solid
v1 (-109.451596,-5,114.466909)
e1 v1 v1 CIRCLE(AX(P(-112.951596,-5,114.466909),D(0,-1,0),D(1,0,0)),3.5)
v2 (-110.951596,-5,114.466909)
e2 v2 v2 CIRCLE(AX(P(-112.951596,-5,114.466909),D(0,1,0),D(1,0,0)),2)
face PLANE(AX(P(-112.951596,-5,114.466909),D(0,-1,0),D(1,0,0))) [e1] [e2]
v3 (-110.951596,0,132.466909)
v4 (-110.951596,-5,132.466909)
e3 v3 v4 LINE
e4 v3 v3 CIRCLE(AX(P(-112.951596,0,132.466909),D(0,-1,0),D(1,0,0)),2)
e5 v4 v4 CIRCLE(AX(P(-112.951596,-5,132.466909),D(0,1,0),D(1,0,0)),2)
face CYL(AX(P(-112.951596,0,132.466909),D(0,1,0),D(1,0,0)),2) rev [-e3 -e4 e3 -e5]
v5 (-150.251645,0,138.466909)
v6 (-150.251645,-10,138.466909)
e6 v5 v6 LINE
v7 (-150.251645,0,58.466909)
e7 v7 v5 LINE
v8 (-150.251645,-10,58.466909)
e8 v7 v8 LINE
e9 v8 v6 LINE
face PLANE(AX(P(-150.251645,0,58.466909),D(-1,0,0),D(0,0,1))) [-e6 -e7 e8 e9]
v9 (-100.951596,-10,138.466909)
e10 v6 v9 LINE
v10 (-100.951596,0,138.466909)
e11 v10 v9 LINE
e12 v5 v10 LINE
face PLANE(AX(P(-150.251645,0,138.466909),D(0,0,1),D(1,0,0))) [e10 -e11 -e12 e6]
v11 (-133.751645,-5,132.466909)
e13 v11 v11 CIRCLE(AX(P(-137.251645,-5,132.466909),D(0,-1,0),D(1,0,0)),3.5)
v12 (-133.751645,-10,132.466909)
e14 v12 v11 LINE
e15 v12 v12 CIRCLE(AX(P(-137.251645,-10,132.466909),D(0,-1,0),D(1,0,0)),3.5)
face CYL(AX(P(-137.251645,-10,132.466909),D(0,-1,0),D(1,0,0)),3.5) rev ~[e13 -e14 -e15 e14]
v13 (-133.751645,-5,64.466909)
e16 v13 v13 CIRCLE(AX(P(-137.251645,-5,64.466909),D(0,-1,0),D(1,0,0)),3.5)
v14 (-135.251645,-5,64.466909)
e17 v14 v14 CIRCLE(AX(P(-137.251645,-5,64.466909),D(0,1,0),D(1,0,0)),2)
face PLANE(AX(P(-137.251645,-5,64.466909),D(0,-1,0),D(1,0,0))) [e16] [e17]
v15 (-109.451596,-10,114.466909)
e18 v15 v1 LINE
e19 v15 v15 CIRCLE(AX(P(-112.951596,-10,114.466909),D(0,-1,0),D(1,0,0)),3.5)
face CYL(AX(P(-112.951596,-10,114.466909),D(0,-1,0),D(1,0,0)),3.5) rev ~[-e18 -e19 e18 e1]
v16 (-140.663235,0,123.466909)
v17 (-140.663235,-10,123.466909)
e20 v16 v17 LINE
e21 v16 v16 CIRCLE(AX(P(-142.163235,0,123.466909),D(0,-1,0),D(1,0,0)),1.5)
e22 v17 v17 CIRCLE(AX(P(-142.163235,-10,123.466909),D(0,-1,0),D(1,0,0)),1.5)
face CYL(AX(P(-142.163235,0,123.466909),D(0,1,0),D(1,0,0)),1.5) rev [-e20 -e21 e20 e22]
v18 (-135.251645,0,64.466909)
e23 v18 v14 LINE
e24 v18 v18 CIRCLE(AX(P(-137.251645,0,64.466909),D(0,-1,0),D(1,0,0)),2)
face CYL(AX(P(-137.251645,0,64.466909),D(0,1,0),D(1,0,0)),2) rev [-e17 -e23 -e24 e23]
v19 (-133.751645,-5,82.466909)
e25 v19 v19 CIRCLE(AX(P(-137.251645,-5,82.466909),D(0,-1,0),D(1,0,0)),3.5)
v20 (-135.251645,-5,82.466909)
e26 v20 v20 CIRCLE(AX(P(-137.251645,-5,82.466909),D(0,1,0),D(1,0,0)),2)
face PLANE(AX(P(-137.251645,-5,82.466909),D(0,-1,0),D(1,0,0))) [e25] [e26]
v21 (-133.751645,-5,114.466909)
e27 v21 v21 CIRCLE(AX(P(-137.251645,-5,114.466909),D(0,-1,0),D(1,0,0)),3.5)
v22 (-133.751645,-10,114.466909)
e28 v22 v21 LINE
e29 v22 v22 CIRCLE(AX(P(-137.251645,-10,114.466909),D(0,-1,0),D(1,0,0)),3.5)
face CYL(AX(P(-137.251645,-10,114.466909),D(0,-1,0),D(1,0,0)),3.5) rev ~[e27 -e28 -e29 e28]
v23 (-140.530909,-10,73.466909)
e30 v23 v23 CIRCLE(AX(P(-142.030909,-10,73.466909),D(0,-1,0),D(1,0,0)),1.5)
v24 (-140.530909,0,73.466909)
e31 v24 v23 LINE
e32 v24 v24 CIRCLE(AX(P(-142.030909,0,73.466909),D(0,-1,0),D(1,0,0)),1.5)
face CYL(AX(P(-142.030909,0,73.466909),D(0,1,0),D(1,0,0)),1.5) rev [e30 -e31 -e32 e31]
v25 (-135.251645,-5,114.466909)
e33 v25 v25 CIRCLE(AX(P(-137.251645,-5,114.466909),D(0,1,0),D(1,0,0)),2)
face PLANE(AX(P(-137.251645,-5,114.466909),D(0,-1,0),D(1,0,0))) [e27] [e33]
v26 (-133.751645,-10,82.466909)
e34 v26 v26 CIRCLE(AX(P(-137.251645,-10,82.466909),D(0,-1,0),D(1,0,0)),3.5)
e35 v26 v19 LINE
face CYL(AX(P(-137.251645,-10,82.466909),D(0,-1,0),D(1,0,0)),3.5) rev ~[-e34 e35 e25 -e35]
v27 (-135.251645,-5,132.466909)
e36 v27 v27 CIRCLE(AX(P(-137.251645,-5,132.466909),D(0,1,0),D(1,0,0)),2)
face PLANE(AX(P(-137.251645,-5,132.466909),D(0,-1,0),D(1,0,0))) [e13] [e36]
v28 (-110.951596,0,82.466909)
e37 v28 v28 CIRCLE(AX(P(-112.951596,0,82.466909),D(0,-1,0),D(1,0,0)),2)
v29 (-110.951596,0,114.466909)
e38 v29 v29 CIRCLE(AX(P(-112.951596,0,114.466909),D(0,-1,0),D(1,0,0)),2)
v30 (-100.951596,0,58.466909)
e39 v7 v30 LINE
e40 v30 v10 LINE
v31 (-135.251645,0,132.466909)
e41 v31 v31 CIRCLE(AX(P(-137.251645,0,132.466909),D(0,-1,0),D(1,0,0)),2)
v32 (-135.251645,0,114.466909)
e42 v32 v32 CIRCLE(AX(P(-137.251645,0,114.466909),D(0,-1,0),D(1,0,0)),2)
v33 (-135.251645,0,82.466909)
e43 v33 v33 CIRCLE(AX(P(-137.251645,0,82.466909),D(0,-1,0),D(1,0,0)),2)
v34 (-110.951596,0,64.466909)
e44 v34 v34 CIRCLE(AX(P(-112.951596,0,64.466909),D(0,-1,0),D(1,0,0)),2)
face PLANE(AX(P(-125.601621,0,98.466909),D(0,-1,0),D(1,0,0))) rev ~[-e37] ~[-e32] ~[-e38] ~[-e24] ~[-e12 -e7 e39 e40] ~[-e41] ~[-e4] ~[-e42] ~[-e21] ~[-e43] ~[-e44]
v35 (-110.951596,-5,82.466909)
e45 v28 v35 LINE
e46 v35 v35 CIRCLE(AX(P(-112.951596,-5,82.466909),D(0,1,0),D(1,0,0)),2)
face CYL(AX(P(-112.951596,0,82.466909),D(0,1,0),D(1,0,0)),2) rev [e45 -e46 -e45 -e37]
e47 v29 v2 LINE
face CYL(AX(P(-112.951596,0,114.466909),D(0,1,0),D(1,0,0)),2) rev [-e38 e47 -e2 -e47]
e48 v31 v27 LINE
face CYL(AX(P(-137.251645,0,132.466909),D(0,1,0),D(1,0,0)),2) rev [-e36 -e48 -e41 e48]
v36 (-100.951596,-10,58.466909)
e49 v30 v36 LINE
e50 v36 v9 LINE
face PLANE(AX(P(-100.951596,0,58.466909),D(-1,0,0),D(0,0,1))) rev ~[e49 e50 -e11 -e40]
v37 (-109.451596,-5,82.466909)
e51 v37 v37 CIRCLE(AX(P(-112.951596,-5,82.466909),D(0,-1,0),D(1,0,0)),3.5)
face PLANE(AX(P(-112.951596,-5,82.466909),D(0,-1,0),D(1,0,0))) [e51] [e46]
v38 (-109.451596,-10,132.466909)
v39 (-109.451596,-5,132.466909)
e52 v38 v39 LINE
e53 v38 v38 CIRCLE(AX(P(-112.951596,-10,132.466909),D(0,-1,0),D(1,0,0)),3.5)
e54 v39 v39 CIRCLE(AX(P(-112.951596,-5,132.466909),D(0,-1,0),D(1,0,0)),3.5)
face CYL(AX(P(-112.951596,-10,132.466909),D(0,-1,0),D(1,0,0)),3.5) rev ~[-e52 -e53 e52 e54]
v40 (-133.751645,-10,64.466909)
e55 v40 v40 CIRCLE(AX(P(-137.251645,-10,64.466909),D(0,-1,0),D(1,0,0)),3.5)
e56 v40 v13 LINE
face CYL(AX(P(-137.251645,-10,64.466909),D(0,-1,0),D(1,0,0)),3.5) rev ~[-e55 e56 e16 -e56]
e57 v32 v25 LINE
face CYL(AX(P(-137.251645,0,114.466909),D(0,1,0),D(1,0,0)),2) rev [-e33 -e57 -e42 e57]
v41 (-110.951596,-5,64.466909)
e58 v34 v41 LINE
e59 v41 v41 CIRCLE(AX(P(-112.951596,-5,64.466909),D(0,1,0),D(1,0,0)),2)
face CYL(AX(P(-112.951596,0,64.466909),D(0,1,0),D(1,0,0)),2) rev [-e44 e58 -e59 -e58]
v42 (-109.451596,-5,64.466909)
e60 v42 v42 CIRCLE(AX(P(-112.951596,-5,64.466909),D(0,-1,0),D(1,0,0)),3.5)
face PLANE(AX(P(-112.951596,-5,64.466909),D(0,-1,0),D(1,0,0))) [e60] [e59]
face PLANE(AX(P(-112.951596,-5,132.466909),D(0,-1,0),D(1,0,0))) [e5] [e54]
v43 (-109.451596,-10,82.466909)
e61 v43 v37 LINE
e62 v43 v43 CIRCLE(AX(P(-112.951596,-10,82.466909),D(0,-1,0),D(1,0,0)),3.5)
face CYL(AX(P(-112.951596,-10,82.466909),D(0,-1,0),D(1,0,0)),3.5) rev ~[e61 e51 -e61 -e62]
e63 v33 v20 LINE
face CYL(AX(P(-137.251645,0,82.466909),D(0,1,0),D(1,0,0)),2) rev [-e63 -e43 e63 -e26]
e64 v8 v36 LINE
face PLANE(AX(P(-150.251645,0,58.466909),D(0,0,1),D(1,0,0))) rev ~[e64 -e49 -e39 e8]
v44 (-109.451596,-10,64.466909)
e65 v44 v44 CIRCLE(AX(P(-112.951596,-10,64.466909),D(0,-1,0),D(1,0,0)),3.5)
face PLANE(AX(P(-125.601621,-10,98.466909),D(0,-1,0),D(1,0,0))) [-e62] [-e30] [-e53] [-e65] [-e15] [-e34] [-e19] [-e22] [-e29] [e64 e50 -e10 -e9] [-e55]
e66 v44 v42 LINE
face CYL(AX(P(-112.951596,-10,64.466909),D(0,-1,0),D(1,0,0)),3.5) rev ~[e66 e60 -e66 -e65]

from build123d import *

# Parameters (mm, degrees)
F0_W     = 49.3000489473
F0_H     = 80
F0_R     = 1.5
F0_R_2   = 2
F1_DEPTH = 10
F2_R     = 3.5
F3_DEPTH = 5


with BuildPart() as f1:
    # F0 (on Front) → F1 (new body)
    with BuildSketch(Plane.XZ):
        with Locations((-125.6016208529, 98.4669085741)):
            Rectangle(F0_W, F0_H)
        with Locations((-142.0309088891, 73.4669085741)):
            Circle(F0_R, mode=Mode.SUBTRACT)
        with Locations((-137.2516453266, 64.4669085741)):
            Circle(F0_R_2, mode=Mode.SUBTRACT)
        with Locations((-137.2516453266, 82.4669085741)):
            Circle(F0_R_2, mode=Mode.SUBTRACT)
        with Locations((-137.2516453266, 89.2463258266)):
            Circle(F0_R_2, mode=Mode.SUBTRACT)
        with Locations((-112.9515963793, 64.4669085741)):
            Circle(F0_R_2, mode=Mode.SUBTRACT)
        with Locations((-112.9515963793, 82.4669085741)):
            Circle(F0_R_2, mode=Mode.SUBTRACT)
        with Locations((-112.9515963793, 89.2463258266)):
            Circle(F0_R_2, mode=Mode.SUBTRACT)
        with Locations((-137.2516453266, 107.2463258266)):
            Circle(F0_R_2, mode=Mode.SUBTRACT)
        with Locations((-137.2516453266, 114.4669085741)):
            Circle(F0_R_2, mode=Mode.SUBTRACT)
        with Locations((-142.1632353597, 123.4669085741)):
            Circle(F0_R, mode=Mode.SUBTRACT)
        with Locations((-137.2516453266, 132.4669085741)):
            Circle(F0_R_2, mode=Mode.SUBTRACT)
        with Locations((-112.9515963793, 107.2463258266)):
            Circle(F0_R_2, mode=Mode.SUBTRACT)
        with Locations((-112.9515963793, 114.4669085741)):
            Circle(F0_R_2, mode=Mode.SUBTRACT)
        with Locations((-112.9515963793, 132.4669085741)):
            Circle(F0_R_2, mode=Mode.SUBTRACT)
        with Locations((-137.2516453266, 107.2463258266)):
            Circle(F0_R_2)
        with Locations((-112.9515963793, 107.2463258266)):
            Circle(F0_R_2)
        with Locations((-137.2516453266, 89.2463258266)):
            Circle(F0_R_2)
        with Locations((-112.9515963793, 89.2463258266)):
            Circle(F0_R_2)
    extrude(amount=F1_DEPTH)

    # F2 (on face) → F3 (cut)
    with BuildSketch(Plane.XZ.offset(10)):
        with Locations((-137.2516453266, 132.4669085741)):
            Circle(F2_R)
        with Locations((-112.9515963793, 132.4669085741)):
            Circle(F2_R)
        with Locations((-112.9515963793, 114.4669085741)):
            Circle(F2_R)
        with Locations((-137.2516453266, 114.4669085741)):
            Circle(F2_R)
        with Locations((-137.2516453266, 82.4669085741)):
            Circle(F2_R)
        with Locations((-112.9515963793, 82.4669085741)):
            Circle(F2_R)
        with Locations((-112.9515963793, 64.4669085741)):
            Circle(F2_R)
        with Locations((-137.2516453266, 64.4669085741)):
            Circle(F2_R)
    extrude(amount=-F3_DEPTH, mode=Mode.SUBTRACT)


solid = f1.part
